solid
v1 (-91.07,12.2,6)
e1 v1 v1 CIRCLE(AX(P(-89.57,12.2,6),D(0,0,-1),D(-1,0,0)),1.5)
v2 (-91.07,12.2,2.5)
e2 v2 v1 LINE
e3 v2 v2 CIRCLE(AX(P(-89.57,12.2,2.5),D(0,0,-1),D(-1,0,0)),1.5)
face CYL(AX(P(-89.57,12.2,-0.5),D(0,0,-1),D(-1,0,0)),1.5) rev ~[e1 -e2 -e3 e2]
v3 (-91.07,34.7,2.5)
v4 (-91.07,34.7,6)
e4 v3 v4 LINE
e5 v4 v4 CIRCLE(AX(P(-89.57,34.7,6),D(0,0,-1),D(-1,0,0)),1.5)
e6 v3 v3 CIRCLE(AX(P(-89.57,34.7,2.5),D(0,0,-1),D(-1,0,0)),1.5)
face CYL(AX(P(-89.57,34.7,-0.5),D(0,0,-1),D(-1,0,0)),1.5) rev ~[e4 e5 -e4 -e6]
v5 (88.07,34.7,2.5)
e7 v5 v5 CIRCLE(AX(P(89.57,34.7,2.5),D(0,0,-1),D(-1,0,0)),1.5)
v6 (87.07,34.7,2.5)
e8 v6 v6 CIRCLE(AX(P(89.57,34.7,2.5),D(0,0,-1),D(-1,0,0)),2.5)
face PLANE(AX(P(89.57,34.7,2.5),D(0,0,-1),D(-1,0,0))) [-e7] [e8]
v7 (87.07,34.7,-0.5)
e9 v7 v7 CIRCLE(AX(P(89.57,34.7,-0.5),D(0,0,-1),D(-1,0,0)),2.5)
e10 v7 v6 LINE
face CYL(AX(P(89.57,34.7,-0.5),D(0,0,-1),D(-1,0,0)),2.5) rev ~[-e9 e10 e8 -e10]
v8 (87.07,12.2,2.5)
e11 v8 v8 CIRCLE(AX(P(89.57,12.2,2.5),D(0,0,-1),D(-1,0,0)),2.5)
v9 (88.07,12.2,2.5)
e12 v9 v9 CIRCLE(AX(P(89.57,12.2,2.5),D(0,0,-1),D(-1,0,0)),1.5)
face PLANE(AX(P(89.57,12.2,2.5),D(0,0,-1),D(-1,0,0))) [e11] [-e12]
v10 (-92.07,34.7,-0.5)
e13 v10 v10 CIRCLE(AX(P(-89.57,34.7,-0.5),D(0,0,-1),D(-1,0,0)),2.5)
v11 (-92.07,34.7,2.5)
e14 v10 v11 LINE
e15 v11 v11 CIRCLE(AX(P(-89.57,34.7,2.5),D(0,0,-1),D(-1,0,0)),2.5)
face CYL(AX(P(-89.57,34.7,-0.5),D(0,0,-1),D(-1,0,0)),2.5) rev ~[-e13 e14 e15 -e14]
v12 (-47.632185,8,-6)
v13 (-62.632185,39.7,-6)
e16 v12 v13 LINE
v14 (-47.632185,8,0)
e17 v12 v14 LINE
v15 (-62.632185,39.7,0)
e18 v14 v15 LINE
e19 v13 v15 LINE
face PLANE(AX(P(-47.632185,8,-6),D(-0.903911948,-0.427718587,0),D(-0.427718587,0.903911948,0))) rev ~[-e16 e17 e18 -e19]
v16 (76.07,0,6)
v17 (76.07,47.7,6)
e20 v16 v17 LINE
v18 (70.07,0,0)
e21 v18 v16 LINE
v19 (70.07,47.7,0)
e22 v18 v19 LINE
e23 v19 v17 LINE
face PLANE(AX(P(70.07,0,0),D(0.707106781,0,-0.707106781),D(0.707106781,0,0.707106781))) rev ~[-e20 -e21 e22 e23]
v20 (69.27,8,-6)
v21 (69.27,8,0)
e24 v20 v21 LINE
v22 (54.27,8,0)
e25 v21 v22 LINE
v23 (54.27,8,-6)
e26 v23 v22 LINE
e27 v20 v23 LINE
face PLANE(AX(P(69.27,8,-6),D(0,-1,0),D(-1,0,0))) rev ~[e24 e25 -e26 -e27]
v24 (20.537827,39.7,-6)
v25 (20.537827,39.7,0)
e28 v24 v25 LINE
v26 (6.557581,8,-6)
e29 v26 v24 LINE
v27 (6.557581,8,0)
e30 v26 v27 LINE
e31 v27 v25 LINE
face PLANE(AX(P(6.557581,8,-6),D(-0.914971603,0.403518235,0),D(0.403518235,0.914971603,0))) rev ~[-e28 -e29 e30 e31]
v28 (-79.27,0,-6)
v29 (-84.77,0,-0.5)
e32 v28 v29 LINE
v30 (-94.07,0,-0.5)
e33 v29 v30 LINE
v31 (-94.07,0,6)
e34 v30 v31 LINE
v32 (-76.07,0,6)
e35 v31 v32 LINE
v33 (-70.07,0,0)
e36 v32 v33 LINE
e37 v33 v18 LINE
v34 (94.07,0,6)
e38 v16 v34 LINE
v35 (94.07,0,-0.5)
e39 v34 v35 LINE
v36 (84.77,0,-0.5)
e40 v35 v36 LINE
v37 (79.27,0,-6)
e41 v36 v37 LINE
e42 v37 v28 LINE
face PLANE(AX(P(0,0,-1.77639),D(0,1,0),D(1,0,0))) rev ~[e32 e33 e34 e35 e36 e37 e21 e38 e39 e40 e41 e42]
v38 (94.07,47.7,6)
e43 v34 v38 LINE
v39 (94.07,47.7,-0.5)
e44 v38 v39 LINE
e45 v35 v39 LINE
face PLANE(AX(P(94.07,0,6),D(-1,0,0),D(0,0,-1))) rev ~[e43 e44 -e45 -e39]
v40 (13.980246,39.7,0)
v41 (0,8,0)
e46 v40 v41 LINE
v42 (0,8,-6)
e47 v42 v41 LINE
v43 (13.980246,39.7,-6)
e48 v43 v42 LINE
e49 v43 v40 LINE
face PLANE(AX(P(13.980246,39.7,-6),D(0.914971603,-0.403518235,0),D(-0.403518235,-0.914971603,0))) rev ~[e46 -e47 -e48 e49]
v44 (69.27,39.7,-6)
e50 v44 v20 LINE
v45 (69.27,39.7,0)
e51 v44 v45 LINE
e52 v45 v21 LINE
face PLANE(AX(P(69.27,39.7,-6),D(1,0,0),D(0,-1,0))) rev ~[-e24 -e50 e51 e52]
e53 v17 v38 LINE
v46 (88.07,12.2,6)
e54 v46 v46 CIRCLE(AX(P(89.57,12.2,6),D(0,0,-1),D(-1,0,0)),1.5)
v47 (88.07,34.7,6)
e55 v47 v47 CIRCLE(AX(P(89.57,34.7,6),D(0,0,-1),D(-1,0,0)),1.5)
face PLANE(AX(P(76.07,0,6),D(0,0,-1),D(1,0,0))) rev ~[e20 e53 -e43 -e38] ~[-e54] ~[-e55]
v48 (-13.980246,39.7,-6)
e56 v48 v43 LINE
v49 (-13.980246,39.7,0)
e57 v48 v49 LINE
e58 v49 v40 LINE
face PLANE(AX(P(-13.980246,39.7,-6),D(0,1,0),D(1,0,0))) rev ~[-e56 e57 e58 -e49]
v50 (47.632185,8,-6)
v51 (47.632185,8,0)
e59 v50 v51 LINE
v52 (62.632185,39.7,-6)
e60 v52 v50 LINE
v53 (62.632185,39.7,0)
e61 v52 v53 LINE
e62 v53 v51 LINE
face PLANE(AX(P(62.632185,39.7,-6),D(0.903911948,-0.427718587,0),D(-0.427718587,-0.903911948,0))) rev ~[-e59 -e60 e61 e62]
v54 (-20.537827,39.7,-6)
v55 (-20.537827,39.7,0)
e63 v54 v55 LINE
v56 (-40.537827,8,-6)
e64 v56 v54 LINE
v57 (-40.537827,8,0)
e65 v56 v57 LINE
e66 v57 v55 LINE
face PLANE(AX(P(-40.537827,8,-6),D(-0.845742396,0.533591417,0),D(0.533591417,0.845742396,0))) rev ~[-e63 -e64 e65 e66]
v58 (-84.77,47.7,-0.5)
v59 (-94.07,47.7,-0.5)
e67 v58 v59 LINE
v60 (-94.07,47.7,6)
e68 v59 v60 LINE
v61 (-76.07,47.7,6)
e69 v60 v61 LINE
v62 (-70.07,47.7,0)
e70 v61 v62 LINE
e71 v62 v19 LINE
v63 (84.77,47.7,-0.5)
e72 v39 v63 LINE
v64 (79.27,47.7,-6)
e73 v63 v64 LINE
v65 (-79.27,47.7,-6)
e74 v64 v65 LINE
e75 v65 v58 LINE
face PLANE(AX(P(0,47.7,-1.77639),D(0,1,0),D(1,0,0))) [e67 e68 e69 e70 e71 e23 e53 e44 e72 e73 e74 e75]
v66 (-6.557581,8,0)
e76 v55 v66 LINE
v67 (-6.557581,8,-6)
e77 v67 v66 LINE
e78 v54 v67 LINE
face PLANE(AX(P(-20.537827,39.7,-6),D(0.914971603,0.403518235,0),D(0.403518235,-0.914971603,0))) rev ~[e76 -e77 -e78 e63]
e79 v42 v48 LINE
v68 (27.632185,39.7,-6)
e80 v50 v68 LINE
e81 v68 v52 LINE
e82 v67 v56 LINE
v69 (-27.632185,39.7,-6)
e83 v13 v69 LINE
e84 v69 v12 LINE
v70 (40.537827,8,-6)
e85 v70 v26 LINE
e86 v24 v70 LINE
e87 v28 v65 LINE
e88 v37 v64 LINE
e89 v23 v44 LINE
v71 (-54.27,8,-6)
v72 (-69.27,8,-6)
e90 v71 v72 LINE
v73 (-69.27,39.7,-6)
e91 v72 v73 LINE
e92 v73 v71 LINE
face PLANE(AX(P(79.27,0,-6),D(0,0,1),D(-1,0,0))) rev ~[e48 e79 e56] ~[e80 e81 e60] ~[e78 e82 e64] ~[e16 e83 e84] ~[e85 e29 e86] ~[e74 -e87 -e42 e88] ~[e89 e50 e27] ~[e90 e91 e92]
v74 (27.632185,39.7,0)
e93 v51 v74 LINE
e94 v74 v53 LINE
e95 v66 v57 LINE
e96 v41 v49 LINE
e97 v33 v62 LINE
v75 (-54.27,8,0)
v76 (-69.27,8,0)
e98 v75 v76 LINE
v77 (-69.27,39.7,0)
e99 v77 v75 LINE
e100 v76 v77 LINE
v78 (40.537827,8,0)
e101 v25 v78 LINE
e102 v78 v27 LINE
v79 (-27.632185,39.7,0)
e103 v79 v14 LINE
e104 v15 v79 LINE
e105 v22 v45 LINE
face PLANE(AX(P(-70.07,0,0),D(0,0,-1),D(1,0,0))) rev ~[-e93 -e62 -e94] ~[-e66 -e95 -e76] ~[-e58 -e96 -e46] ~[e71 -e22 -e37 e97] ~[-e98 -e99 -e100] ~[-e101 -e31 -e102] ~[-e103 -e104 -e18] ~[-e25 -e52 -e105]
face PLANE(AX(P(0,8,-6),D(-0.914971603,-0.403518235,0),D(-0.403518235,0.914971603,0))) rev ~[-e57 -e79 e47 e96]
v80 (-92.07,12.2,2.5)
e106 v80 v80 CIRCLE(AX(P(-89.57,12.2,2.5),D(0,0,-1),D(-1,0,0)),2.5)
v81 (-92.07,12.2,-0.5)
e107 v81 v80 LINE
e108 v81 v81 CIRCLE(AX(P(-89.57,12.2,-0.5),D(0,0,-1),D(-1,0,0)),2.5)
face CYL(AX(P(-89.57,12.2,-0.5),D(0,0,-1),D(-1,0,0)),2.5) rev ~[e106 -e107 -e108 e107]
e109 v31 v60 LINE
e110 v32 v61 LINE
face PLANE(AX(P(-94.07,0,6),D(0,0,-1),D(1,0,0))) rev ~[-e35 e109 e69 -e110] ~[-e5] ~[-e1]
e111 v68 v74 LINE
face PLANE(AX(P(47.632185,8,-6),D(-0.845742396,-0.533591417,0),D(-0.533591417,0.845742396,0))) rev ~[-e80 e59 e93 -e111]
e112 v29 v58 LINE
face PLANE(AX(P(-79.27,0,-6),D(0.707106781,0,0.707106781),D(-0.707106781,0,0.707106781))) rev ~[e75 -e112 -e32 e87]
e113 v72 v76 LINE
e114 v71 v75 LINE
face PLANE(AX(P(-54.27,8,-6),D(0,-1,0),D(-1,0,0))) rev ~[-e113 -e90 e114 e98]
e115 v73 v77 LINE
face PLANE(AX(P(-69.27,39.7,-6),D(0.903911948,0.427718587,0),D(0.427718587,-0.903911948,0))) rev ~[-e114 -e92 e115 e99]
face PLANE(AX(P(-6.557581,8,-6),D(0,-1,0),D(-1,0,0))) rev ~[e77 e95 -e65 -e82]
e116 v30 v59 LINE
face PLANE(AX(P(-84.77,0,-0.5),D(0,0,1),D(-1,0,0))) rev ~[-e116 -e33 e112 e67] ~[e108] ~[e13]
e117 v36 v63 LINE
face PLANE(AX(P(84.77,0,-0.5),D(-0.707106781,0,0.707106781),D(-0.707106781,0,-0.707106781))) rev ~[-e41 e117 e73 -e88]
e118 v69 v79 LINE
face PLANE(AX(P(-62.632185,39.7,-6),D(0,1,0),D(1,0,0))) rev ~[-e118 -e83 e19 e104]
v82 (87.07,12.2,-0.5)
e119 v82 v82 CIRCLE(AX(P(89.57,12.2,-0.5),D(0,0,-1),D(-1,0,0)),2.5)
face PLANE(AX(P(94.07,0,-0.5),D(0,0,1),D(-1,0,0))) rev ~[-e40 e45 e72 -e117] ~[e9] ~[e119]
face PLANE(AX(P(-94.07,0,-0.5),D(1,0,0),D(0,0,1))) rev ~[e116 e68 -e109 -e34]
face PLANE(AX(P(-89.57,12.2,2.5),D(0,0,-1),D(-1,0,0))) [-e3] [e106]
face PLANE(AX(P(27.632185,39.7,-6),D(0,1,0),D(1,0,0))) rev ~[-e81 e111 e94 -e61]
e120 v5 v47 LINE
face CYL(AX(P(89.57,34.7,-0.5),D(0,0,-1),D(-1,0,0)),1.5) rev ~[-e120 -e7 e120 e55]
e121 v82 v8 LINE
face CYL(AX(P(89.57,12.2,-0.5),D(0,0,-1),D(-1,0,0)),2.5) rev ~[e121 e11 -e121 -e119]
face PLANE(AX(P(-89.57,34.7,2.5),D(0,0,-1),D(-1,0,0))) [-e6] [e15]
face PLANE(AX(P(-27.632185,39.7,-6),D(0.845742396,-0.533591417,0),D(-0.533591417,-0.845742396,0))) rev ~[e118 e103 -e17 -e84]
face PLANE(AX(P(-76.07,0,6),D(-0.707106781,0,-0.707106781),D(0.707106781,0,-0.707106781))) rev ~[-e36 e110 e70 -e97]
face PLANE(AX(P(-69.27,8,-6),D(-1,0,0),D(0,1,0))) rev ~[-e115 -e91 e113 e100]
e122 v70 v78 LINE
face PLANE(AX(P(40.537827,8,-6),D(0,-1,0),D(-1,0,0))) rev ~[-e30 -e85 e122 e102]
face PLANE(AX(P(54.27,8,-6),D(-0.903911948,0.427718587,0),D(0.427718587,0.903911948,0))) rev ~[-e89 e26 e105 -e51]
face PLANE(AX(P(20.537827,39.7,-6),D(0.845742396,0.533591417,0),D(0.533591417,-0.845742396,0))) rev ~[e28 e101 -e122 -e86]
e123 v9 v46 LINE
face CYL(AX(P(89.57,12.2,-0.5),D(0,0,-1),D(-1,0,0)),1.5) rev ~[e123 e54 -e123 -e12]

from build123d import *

# Parameters (mm, degrees)
EXTRUDE_1_DEPTH     = 47.7
CUT_EXTRUDE_1_DEPTH = 10
SKETCH_4_R          = 1.5
CUT_EXTRUDE_2_DEPTH = 10
SKETCH_6_R          = 2.5
CUT_EXTRUDE_4_DEPTH = 3


with BuildPart() as part:
    # 草图1 → 凸台-拉伸1 (new body)
    with BuildSketch(Plane(origin=(0, 0, 0), x_dir=(1, 0, 0), z_dir=(0, 1, 0))):
        Polygon((70.07, 0), (76.07, -6), (94.07, -6), (94.07, 0.5), (84.77, 0.5), (79.27, 6), (0, 6), (-79.27, 6), (-84.77, 0.5), (-94.07, 0.5), (-94.07, -6), (-76.07, -6), (-70.07, 0), align=None)
    extrude(amount=EXTRUDE_1_DEPTH)

    # 草图2 → 切除-拉伸1 (cut)
    with BuildSketch(Plane(origin=(0, 0, -6), x_dir=(-1, 0, 0), z_dir=(0, 0, -1))):
        Polygon((-69.27, 39.7), (-69.27, 8), (-54.27, 8), align=None)
        Polygon((-27.632185319, 39.7), (-62.632185319, 39.7), (-47.632185319, 8), align=None)
        Polygon((-40.537826527, 8), (-6.557580565, 8), (-20.537826527, 39.7), align=None)
        Polygon((-13.980245962, 39.7), (0, 8), (13.980245962, 39.7), align=None)
        Polygon((6.557580565, 8), (40.537826527, 8), (20.537826527, 39.7), align=None)
        Polygon((27.632185319, 39.7), (47.632185319, 8), (62.632185319, 39.7), align=None)
        Polygon((69.27, 39.7), (54.27, 8), (69.27, 8), align=None)
    extrude(amount=-CUT_EXTRUDE_1_DEPTH, mode=Mode.SUBTRACT)

    # 草图4 → 切除-拉伸2 (cut)
    with BuildSketch(Plane(origin=(0, 0, -0.5), x_dir=(-1, 0, 0), z_dir=(0, 0, -1))):
        with Locations((-89.57, 34.7)):
            Circle(SKETCH_4_R)
        with Locations((-89.57, 12.2)):
            Circle(SKETCH_4_R)
        with Locations((89.57, 34.7)):
            Circle(SKETCH_4_R)
        with Locations((89.57, 12.2)):
            Circle(SKETCH_4_R)
    extrude(amount=-CUT_EXTRUDE_2_DEPTH, mode=Mode.SUBTRACT)

    # 草图6 → 切除-拉伸4 (cut)
    with BuildSketch(Plane(origin=(0, 0, -0.5), x_dir=(-1, 0, 0), z_dir=(0, 0, -1))):
        with Locations((-89.57, 34.7)):
            Circle(SKETCH_6_R)
        with Locations((-89.57, 12.2)):
            Circle(SKETCH_6_R)
        with Locations((89.57, 34.7)):
            Circle(SKETCH_6_R)
        with Locations((89.57, 12.2)):
            Circle(SKETCH_6_R)
    extrude(amount=-CUT_EXTRUDE_4_DEPTH, mode=Mode.SUBTRACT)


solid = part.part
